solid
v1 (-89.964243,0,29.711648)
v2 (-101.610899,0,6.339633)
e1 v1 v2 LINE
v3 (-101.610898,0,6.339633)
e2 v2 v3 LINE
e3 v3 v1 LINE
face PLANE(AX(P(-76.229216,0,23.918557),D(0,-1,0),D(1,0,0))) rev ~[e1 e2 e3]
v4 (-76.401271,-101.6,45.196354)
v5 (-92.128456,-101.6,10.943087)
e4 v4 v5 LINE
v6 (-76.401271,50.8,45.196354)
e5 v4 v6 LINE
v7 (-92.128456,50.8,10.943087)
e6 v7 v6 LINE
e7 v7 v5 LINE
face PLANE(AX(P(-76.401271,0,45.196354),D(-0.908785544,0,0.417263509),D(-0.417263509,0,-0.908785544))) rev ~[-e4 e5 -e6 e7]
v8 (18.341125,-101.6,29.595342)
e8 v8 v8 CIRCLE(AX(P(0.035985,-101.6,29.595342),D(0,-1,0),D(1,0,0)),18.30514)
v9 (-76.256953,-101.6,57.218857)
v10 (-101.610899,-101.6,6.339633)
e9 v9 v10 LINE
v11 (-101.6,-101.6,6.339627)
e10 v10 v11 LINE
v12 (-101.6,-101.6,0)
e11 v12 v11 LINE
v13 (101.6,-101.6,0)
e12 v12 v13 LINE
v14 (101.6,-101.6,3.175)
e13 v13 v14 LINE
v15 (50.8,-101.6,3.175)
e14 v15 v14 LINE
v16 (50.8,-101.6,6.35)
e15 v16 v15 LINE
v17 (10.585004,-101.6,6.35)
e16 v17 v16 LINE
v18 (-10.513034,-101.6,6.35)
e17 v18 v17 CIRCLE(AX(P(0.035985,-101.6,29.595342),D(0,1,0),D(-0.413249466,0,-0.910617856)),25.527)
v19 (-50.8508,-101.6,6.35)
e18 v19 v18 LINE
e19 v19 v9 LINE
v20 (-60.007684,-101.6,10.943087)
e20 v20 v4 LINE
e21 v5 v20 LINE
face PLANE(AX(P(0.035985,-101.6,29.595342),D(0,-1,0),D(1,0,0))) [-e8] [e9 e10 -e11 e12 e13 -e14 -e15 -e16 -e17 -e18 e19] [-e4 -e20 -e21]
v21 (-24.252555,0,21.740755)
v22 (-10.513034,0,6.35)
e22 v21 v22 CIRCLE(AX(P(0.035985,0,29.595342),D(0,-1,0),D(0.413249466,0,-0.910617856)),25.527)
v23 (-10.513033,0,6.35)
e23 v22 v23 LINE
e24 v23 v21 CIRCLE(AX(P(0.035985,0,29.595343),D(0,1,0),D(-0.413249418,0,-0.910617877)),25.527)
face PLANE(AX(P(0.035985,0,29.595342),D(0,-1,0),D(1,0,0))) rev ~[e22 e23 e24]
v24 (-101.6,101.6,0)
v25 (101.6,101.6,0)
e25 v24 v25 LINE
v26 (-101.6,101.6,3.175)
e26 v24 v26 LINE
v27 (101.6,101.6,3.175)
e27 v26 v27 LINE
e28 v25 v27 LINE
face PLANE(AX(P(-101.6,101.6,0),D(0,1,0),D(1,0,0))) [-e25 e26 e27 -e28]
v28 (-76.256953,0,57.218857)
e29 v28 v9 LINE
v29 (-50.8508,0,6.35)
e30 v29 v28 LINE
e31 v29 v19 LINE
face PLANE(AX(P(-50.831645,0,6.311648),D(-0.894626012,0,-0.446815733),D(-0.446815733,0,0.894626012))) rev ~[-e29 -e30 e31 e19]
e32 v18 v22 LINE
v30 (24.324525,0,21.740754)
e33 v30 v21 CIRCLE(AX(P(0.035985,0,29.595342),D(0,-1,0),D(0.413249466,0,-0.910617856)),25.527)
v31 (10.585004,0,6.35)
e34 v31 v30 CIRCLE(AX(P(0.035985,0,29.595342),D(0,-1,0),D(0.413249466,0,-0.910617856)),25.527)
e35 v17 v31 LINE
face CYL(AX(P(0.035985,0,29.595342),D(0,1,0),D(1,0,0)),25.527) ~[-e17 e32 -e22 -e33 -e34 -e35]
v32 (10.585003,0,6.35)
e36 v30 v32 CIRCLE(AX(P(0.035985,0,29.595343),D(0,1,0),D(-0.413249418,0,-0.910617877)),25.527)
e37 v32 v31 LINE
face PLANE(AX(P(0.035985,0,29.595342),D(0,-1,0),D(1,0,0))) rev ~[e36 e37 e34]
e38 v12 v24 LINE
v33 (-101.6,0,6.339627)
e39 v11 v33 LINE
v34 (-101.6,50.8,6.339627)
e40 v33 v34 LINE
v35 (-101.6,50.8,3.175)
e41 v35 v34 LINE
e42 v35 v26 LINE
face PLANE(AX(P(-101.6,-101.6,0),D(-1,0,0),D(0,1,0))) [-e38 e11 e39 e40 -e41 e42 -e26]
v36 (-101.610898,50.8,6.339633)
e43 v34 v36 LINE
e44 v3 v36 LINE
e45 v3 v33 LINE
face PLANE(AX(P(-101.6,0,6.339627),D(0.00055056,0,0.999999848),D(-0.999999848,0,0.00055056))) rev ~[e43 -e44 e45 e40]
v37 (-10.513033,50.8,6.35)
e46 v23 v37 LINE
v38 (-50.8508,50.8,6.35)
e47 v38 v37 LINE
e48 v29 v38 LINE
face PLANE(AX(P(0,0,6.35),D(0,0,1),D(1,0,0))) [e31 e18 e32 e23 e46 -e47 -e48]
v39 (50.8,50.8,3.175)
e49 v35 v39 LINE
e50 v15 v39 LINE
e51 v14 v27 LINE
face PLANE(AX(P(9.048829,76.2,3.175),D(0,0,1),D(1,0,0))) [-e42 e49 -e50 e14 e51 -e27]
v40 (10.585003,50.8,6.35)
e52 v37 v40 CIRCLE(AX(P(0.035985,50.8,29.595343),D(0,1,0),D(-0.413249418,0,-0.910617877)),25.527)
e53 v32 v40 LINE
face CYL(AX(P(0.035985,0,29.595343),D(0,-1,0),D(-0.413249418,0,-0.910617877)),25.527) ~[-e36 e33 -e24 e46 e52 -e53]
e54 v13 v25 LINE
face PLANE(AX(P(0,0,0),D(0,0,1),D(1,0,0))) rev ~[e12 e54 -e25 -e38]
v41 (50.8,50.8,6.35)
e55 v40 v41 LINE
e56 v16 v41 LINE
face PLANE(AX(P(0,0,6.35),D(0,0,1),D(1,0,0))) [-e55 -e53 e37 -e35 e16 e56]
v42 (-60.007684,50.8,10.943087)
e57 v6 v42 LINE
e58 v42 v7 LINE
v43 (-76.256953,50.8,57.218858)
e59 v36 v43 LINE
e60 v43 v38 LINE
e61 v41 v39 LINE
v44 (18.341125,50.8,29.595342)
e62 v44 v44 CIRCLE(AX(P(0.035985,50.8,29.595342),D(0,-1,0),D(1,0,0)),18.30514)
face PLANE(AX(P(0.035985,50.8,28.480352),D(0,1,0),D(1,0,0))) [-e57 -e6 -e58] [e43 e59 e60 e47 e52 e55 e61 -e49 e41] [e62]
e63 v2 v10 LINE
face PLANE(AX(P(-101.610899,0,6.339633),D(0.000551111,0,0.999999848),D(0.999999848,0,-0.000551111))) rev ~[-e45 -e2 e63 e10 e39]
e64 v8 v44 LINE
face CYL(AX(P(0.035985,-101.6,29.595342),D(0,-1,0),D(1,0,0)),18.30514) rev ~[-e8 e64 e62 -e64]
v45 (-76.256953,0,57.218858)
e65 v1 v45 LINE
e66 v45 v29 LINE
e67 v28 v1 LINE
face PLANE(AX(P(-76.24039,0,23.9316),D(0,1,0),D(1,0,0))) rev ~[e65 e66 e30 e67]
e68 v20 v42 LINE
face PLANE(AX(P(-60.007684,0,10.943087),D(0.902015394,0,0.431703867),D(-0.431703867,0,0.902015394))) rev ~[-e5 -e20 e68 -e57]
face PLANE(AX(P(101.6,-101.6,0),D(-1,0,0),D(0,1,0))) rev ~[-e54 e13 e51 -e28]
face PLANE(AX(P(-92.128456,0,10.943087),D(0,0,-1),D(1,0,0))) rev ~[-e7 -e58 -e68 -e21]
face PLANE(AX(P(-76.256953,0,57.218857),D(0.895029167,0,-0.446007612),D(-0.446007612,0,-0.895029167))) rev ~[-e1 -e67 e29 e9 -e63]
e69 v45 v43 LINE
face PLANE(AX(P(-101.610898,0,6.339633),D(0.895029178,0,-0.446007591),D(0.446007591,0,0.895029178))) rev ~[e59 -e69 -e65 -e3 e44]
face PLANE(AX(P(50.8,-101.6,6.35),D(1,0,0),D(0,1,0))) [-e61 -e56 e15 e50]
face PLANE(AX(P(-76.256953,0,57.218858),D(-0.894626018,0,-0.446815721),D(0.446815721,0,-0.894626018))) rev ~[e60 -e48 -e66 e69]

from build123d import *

# Parameters (mm, degrees)
F0_W      = 203.2
F0_H      = 203.2
F1_DEPTH  = 6.35
F2_W      = 228.6
F2_H      = 50.8
F3_DEPTH  = 3.175
F4_W      = 50.8
F4_H      = 152.4
F5_DEPTH  = 3.175
F7_DEPTH  = 101.6
F8_DEPTH  = 50.8
F10_DEPTH = 101.6
F11_R     = 25.527
F12_DEPTH = 101.6
F13_DEPTH = 50.8
F14_R     = 18.30514
F15_DEPTH = 203.2


with BuildPart() as f1:
    # F0 (on Top) → F1 (new body)
    with BuildSketch(Plane.XY):
        Rectangle(F0_W, F0_H)
    extrude(amount=F1_DEPTH)

    # F2 (on face) → F3 (cut)
    with BuildSketch(Plane.XY.offset(6.35)):
        with Locations((9.048829, 76.2)):
            Rectangle(F2_W, F2_H)
    extrude(amount=-F3_DEPTH, mode=Mode.SUBTRACT)

    # F4 (on face) → F5 (cut)
    with BuildSketch(Plane.XY.offset(6.35)):
        with Locations((76.2, -25.4)):
            Rectangle(F4_W, F4_H)
    extrude(amount=-F5_DEPTH, mode=Mode.SUBTRACT)

    # F6 (on Front) → F7 (join)
    with BuildSketch(Plane.XZ):
        Polygon((-76.256953, 57.218857), (-101.610899, 6.339633), (-50.831645, 6.311648), align=None)
    extrude(amount=F7_DEPTH)

    # F7_face (on face) → F8 (join)
    with BuildSketch(Plane(origin=(-76.23783, 0, 23.306285), x_dir=(1, 0, 0), z_dir=(0, 1, 0))):
        Polygon((25.38703, 16.956285), (-25.36217, 16.956285), (-25.36217, 16.966658), (-25.373068, 16.966652), (-0.019123, -33.912573), align=None)
    extrude(amount=F8_DEPTH)

    # F9 (on Front) → F10 (cut, symmetric)
    with BuildSketch(Plane.XZ):
        Polygon((-76.401271, 45.196354), (-92.128456, 10.943087), (-60.007684, 10.943087), align=None)
    extrude(amount=F10_DEPTH, both=True, mode=Mode.SUBTRACT)

    # F11 (on Front) → F12 (join)
    with BuildSketch(Plane.XZ):
        with Locations((0.035985, 29.595342)):
            Circle(F11_R)
    extrude(amount=F12_DEPTH)

    # F12_face (on face) → F13 (join)
    with BuildSketch(Plane(origin=(0.035985, 0, 29.983781), x_dir=(1, 0, 0), z_dir=(0, 1, 0))):
        with BuildLine():
            ThreePointArc((-10.549018, 23.633781), (0, -25.138562), (10.549018, 23.633781))
            Line((10.549018, 23.633781), (-10.549018, 23.633781))
        make_face()
    extrude(amount=F13_DEPTH)

    # F14 (on face) → F15 (cut)
    with BuildSketch(Plane.XZ.offset(101.6)):
        with Locations((0.035985, 29.595342)):
            Circle(F14_R)
    extrude(amount=-F15_DEPTH, mode=Mode.SUBTRACT)


solid = f1.part
